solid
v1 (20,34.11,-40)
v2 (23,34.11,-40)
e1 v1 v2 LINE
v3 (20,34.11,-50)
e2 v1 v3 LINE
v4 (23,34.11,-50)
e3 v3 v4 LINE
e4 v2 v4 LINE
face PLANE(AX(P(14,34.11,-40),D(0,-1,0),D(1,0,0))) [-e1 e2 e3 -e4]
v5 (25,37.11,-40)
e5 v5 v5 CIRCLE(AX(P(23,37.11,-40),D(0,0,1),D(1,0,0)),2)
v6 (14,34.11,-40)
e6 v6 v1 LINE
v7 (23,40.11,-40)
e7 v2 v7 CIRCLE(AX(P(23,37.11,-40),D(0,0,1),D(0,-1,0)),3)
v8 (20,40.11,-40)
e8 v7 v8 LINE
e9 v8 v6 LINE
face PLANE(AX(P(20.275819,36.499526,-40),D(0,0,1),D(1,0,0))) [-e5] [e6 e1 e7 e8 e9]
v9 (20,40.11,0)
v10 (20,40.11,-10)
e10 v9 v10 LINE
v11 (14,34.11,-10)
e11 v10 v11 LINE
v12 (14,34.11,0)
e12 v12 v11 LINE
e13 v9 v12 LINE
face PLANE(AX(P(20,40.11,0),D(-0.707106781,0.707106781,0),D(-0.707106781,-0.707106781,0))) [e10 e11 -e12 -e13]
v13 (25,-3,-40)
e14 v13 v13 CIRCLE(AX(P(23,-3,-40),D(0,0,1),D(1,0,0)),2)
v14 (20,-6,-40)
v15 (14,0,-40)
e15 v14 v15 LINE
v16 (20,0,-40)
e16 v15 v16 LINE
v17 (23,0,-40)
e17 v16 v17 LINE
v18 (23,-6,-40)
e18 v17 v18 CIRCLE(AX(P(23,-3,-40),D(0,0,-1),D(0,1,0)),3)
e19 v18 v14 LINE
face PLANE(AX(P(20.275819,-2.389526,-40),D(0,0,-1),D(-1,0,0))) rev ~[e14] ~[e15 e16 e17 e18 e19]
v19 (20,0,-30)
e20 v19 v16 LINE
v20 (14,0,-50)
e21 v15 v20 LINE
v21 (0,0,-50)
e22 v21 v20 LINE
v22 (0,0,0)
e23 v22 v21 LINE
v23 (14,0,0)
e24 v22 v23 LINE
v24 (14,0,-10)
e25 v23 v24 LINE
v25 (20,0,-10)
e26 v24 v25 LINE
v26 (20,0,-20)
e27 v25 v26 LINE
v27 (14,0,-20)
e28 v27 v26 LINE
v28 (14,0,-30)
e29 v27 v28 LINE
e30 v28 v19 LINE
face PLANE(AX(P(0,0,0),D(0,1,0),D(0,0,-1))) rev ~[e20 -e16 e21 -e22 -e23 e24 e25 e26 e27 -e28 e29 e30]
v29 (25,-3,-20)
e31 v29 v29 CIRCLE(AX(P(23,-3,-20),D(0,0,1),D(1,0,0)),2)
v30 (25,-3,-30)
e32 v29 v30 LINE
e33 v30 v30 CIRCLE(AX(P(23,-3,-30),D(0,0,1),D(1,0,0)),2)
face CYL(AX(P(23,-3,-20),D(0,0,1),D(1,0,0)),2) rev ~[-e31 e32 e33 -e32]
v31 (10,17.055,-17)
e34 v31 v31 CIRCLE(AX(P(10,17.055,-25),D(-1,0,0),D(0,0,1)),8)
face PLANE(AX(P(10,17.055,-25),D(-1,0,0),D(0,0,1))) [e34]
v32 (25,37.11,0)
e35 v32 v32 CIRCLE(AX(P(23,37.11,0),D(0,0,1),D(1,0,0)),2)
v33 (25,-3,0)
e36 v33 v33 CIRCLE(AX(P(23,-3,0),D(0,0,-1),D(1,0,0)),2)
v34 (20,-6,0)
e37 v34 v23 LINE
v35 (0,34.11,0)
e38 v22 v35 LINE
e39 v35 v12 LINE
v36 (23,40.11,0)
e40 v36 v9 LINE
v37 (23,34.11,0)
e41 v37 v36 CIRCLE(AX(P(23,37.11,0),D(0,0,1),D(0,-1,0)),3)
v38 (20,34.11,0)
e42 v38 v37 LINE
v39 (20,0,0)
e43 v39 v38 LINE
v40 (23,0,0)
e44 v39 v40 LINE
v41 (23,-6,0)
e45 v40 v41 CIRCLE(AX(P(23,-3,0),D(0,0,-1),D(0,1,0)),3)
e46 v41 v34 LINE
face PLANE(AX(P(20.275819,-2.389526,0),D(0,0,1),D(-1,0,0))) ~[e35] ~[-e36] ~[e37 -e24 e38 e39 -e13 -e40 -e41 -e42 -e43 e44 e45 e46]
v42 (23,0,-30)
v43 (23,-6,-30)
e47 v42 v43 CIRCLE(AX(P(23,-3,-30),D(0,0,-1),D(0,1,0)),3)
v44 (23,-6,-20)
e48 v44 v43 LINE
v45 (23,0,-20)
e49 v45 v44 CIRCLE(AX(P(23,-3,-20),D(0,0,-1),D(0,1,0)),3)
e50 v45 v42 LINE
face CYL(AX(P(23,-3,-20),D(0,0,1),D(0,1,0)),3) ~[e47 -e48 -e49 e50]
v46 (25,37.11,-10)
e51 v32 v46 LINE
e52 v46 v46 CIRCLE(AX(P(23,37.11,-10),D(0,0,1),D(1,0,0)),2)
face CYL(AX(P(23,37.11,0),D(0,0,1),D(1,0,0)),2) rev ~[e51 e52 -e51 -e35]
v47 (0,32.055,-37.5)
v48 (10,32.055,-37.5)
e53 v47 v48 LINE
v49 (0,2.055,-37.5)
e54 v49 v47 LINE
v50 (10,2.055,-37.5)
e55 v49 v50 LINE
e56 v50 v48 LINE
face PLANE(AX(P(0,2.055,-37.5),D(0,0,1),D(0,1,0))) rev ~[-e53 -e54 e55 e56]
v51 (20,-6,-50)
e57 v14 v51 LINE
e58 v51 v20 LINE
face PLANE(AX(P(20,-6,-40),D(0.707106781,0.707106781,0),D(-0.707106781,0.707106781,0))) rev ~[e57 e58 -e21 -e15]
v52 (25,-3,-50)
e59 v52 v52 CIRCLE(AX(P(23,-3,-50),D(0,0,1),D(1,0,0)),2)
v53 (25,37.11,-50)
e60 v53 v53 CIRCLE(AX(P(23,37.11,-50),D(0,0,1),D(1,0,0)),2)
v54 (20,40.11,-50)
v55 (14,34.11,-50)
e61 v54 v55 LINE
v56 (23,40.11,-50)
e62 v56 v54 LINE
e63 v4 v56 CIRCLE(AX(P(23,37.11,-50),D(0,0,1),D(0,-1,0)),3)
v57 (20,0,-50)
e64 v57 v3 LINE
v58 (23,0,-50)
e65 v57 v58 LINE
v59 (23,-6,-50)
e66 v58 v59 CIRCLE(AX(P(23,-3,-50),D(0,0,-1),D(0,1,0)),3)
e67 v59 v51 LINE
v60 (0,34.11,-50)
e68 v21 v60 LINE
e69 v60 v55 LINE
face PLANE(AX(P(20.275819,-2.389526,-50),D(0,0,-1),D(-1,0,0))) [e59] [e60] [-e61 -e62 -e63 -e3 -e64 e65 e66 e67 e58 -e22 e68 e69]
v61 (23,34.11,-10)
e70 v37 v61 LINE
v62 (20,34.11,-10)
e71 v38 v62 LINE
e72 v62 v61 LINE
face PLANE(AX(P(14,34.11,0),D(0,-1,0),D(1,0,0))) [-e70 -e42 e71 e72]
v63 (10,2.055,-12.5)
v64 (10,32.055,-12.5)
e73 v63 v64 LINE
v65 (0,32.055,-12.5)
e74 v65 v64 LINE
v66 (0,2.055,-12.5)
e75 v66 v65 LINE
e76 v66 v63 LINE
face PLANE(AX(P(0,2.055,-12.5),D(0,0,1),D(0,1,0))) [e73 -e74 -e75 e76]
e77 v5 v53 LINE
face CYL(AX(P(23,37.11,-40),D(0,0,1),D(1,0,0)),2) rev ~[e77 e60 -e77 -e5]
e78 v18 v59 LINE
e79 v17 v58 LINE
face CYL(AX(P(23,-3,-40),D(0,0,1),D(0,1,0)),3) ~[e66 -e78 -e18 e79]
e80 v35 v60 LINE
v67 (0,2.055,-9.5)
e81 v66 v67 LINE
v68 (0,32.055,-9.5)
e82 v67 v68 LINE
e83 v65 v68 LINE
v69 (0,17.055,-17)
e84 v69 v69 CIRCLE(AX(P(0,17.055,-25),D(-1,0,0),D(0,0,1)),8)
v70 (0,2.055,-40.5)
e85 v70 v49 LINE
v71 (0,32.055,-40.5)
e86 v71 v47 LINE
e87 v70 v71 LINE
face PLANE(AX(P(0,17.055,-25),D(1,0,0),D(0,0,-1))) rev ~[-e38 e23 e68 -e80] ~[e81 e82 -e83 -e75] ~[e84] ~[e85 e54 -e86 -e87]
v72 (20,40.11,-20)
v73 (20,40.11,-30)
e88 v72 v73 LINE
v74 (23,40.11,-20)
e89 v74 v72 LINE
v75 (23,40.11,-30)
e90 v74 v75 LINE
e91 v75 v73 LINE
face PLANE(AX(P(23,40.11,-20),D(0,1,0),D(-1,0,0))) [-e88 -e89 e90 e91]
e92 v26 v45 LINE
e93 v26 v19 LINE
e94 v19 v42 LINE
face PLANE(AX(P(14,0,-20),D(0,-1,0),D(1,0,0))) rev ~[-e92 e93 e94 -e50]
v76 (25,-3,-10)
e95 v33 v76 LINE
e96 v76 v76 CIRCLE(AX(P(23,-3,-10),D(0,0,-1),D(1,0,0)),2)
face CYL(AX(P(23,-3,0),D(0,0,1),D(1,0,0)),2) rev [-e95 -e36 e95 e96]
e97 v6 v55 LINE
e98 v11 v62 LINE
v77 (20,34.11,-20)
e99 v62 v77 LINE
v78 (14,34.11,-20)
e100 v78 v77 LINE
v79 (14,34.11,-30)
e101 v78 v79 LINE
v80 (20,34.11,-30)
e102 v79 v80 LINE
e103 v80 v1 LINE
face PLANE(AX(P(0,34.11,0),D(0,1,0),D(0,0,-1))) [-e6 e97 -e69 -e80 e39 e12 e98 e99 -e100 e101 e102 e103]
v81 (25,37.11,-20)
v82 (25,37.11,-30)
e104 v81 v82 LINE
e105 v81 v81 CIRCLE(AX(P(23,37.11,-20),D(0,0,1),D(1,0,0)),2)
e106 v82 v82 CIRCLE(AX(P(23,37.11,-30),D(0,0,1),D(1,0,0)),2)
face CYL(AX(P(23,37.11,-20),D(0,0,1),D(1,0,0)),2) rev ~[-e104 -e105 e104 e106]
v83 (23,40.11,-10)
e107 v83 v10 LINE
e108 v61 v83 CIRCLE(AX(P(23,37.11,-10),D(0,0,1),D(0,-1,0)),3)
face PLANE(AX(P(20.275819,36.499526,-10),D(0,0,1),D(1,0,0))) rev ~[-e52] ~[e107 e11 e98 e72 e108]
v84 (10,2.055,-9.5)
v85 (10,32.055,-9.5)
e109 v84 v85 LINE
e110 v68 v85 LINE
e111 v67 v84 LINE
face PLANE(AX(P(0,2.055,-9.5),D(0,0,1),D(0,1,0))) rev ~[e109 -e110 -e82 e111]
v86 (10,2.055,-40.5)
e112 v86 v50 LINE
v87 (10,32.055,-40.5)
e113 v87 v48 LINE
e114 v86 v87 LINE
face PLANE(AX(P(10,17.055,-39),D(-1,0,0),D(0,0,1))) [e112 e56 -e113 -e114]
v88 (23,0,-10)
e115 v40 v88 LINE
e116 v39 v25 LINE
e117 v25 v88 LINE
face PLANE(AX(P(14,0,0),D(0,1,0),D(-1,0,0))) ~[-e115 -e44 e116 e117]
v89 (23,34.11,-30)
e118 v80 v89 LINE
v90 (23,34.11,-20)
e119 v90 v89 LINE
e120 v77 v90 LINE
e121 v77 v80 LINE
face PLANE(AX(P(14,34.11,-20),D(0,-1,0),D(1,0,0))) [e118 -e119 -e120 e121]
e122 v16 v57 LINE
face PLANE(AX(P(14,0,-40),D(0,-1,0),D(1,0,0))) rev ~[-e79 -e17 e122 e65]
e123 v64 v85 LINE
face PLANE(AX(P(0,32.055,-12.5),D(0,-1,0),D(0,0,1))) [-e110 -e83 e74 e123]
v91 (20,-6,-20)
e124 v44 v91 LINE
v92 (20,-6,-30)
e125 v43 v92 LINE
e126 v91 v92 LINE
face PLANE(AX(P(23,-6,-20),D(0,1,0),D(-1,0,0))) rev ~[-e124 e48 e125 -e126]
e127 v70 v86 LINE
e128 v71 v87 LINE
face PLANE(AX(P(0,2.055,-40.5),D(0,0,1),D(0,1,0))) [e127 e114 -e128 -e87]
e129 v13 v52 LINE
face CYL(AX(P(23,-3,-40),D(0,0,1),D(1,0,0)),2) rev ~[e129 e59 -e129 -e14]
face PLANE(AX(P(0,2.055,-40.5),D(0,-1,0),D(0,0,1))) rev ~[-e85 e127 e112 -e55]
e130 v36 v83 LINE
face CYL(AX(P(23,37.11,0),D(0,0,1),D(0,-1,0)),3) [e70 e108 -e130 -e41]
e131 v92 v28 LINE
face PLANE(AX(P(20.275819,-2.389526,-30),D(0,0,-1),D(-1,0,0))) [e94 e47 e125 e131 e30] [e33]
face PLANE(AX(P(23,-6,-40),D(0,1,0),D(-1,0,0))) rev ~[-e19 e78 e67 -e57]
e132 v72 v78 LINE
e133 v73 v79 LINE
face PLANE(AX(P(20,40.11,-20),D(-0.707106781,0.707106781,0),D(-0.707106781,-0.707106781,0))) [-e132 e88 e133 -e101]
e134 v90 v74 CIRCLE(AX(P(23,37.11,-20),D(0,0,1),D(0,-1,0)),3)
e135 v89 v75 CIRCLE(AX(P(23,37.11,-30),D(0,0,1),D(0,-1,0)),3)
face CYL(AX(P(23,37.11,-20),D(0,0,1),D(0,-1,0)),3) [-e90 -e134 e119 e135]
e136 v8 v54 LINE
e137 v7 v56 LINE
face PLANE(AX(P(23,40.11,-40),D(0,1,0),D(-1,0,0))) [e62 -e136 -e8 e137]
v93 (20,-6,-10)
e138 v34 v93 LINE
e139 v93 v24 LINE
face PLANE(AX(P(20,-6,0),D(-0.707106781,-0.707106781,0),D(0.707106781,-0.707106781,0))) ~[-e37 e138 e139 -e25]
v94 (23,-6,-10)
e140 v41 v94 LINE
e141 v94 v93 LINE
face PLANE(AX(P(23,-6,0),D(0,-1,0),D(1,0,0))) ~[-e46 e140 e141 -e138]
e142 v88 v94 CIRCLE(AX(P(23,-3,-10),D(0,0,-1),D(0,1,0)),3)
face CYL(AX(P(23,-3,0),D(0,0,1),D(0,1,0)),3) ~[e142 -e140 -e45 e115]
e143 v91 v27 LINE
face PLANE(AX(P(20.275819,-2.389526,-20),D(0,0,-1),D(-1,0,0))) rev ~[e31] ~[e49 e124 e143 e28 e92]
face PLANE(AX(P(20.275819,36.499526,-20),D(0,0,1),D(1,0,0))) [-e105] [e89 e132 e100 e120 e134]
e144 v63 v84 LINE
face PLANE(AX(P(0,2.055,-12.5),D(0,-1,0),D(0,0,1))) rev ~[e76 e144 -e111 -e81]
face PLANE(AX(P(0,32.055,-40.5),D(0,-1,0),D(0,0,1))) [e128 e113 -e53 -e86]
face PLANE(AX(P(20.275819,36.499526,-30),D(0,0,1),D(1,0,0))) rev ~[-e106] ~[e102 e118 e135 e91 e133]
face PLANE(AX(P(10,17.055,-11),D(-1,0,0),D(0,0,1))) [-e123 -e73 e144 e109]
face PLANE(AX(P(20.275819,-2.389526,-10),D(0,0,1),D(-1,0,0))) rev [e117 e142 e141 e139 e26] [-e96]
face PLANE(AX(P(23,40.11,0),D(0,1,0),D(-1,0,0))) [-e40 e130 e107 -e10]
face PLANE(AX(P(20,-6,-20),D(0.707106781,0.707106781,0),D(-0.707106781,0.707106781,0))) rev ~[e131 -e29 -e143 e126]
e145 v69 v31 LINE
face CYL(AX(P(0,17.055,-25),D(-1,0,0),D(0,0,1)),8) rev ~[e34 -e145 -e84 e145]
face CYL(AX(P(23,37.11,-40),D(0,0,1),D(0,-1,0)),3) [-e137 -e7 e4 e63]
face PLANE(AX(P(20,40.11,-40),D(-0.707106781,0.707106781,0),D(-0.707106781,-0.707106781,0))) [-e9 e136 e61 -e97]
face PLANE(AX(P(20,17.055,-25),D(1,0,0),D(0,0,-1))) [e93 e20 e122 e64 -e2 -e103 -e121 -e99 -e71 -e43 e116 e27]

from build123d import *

# Parameters (mm, degrees)
SKETCH1_W               = 50
SKETCH1_H               = 34.11
BOSS_EXTRUDE1_DEPTH     = 20
SKETCH2_R               = 2
BOSS_EXTRUDE2_DEPTH     = 10
LPATTERN1_COUNT         = 3
LPATTERN1_PITCH         = 20
MIRROR1_COPY_1_SKETCH_R = 2
MIRROR1_COPY_1_DEPTH    = 10
MIRROR1_COPY_2_SKETCH_R = 2
MIRROR1_COPY_2_DEPTH    = 10
SKETCH3_R               = 8
SKETCH3_W               = 3
SKETCH3_H               = 30
CUT_EXTRUDE1_DEPTH      = 10


with BuildPart() as part:
    # Sketch1 → Boss-Extrude1 (new body)
    with BuildSketch(Plane(origin=(0, 0, 0), x_dir=(0, 0, -1), z_dir=(1, 0, 0))):
        with Locations((25, 17.055)):
            Rectangle(SKETCH1_W, SKETCH1_H)
    extrude(amount=BOSS_EXTRUDE1_DEPTH)

    # Sketch2 → Boss-Extrude2 (add)
    with BuildSketch(Plane.XY):
        with BuildLine():
            Line((20, 34.11), (23, 34.11))
            ThreePointArc((23, 34.11), (26, 37.11), (23, 40.11))
            Line((23, 40.11), (20, 40.11))
            Line((20, 40.11), (14, 34.11))
            Line((14, 34.11), (20, 34.11))
        make_face()
        with Locations((23, 37.11)):
            Circle(SKETCH2_R, mode=Mode.SUBTRACT)
    boss_extrude2 = extrude(amount=-BOSS_EXTRUDE2_DEPTH)

    # LPattern1: Boss-Extrude2 ×3
    with Locations(*[(0, 0, -i * LPATTERN1_PITCH) for i in range(1, LPATTERN1_COUNT)]):
        add(boss_extrude2)

    # Mirror1: Boss-Extrude2 across plane
    add(boss_extrude2.mirror(Plane.ZX.offset(17.055)))

    # Mirror1 copy 1 sketch → Mirror1 copy 1 (add)
    with BuildSketch(Plane(origin=(0, 34.11, -20), x_dir=(1, 0, 0), z_dir=(0, 0, 1))):
        with BuildLine():
            Line((20, -34.11), (23, -34.11))
            ThreePointArc((23, -34.11), (26, -37.11), (23, -40.11))
            Line((23, -40.11), (20, -40.11))
            Line((20, -40.11), (14, -34.11))
            Line((14, -34.11), (20, -34.11))
        make_face()
        with Locations((23, -37.11)):
            Circle(MIRROR1_COPY_1_SKETCH_R, mode=Mode.SUBTRACT)
    extrude(amount=-MIRROR1_COPY_1_DEPTH)

    # Mirror1 copy 2 sketch → Mirror1 copy 2 (add)
    with BuildSketch(Plane(origin=(0, 34.11, -40), x_dir=(1, 0, 0), z_dir=(0, 0, 1))):
        with BuildLine():
            Line((20, -34.11), (23, -34.11))
            ThreePointArc((23, -34.11), (26, -37.11), (23, -40.11))
            Line((23, -40.11), (20, -40.11))
            Line((20, -40.11), (14, -34.11))
            Line((14, -34.11), (20, -34.11))
        make_face()
        with Locations((23, -37.11)):
            Circle(MIRROR1_COPY_2_SKETCH_R, mode=Mode.SUBTRACT)
    extrude(amount=-MIRROR1_COPY_2_DEPTH)

    # Sketch3 → Cut-Extrude1 (cut)
    with BuildSketch(Plane.ZY):
        with Locations((-25, 17.055)):
            Circle(SKETCH3_R)
        with Locations((-39, 17.055)):
            Rectangle(SKETCH3_W, SKETCH3_H)
        with Locations((-11, 17.055)):
            Rectangle(SKETCH3_W, SKETCH3_H)
    extrude(amount=-CUT_EXTRUDE1_DEPTH, mode=Mode.SUBTRACT)


solid = part.part
